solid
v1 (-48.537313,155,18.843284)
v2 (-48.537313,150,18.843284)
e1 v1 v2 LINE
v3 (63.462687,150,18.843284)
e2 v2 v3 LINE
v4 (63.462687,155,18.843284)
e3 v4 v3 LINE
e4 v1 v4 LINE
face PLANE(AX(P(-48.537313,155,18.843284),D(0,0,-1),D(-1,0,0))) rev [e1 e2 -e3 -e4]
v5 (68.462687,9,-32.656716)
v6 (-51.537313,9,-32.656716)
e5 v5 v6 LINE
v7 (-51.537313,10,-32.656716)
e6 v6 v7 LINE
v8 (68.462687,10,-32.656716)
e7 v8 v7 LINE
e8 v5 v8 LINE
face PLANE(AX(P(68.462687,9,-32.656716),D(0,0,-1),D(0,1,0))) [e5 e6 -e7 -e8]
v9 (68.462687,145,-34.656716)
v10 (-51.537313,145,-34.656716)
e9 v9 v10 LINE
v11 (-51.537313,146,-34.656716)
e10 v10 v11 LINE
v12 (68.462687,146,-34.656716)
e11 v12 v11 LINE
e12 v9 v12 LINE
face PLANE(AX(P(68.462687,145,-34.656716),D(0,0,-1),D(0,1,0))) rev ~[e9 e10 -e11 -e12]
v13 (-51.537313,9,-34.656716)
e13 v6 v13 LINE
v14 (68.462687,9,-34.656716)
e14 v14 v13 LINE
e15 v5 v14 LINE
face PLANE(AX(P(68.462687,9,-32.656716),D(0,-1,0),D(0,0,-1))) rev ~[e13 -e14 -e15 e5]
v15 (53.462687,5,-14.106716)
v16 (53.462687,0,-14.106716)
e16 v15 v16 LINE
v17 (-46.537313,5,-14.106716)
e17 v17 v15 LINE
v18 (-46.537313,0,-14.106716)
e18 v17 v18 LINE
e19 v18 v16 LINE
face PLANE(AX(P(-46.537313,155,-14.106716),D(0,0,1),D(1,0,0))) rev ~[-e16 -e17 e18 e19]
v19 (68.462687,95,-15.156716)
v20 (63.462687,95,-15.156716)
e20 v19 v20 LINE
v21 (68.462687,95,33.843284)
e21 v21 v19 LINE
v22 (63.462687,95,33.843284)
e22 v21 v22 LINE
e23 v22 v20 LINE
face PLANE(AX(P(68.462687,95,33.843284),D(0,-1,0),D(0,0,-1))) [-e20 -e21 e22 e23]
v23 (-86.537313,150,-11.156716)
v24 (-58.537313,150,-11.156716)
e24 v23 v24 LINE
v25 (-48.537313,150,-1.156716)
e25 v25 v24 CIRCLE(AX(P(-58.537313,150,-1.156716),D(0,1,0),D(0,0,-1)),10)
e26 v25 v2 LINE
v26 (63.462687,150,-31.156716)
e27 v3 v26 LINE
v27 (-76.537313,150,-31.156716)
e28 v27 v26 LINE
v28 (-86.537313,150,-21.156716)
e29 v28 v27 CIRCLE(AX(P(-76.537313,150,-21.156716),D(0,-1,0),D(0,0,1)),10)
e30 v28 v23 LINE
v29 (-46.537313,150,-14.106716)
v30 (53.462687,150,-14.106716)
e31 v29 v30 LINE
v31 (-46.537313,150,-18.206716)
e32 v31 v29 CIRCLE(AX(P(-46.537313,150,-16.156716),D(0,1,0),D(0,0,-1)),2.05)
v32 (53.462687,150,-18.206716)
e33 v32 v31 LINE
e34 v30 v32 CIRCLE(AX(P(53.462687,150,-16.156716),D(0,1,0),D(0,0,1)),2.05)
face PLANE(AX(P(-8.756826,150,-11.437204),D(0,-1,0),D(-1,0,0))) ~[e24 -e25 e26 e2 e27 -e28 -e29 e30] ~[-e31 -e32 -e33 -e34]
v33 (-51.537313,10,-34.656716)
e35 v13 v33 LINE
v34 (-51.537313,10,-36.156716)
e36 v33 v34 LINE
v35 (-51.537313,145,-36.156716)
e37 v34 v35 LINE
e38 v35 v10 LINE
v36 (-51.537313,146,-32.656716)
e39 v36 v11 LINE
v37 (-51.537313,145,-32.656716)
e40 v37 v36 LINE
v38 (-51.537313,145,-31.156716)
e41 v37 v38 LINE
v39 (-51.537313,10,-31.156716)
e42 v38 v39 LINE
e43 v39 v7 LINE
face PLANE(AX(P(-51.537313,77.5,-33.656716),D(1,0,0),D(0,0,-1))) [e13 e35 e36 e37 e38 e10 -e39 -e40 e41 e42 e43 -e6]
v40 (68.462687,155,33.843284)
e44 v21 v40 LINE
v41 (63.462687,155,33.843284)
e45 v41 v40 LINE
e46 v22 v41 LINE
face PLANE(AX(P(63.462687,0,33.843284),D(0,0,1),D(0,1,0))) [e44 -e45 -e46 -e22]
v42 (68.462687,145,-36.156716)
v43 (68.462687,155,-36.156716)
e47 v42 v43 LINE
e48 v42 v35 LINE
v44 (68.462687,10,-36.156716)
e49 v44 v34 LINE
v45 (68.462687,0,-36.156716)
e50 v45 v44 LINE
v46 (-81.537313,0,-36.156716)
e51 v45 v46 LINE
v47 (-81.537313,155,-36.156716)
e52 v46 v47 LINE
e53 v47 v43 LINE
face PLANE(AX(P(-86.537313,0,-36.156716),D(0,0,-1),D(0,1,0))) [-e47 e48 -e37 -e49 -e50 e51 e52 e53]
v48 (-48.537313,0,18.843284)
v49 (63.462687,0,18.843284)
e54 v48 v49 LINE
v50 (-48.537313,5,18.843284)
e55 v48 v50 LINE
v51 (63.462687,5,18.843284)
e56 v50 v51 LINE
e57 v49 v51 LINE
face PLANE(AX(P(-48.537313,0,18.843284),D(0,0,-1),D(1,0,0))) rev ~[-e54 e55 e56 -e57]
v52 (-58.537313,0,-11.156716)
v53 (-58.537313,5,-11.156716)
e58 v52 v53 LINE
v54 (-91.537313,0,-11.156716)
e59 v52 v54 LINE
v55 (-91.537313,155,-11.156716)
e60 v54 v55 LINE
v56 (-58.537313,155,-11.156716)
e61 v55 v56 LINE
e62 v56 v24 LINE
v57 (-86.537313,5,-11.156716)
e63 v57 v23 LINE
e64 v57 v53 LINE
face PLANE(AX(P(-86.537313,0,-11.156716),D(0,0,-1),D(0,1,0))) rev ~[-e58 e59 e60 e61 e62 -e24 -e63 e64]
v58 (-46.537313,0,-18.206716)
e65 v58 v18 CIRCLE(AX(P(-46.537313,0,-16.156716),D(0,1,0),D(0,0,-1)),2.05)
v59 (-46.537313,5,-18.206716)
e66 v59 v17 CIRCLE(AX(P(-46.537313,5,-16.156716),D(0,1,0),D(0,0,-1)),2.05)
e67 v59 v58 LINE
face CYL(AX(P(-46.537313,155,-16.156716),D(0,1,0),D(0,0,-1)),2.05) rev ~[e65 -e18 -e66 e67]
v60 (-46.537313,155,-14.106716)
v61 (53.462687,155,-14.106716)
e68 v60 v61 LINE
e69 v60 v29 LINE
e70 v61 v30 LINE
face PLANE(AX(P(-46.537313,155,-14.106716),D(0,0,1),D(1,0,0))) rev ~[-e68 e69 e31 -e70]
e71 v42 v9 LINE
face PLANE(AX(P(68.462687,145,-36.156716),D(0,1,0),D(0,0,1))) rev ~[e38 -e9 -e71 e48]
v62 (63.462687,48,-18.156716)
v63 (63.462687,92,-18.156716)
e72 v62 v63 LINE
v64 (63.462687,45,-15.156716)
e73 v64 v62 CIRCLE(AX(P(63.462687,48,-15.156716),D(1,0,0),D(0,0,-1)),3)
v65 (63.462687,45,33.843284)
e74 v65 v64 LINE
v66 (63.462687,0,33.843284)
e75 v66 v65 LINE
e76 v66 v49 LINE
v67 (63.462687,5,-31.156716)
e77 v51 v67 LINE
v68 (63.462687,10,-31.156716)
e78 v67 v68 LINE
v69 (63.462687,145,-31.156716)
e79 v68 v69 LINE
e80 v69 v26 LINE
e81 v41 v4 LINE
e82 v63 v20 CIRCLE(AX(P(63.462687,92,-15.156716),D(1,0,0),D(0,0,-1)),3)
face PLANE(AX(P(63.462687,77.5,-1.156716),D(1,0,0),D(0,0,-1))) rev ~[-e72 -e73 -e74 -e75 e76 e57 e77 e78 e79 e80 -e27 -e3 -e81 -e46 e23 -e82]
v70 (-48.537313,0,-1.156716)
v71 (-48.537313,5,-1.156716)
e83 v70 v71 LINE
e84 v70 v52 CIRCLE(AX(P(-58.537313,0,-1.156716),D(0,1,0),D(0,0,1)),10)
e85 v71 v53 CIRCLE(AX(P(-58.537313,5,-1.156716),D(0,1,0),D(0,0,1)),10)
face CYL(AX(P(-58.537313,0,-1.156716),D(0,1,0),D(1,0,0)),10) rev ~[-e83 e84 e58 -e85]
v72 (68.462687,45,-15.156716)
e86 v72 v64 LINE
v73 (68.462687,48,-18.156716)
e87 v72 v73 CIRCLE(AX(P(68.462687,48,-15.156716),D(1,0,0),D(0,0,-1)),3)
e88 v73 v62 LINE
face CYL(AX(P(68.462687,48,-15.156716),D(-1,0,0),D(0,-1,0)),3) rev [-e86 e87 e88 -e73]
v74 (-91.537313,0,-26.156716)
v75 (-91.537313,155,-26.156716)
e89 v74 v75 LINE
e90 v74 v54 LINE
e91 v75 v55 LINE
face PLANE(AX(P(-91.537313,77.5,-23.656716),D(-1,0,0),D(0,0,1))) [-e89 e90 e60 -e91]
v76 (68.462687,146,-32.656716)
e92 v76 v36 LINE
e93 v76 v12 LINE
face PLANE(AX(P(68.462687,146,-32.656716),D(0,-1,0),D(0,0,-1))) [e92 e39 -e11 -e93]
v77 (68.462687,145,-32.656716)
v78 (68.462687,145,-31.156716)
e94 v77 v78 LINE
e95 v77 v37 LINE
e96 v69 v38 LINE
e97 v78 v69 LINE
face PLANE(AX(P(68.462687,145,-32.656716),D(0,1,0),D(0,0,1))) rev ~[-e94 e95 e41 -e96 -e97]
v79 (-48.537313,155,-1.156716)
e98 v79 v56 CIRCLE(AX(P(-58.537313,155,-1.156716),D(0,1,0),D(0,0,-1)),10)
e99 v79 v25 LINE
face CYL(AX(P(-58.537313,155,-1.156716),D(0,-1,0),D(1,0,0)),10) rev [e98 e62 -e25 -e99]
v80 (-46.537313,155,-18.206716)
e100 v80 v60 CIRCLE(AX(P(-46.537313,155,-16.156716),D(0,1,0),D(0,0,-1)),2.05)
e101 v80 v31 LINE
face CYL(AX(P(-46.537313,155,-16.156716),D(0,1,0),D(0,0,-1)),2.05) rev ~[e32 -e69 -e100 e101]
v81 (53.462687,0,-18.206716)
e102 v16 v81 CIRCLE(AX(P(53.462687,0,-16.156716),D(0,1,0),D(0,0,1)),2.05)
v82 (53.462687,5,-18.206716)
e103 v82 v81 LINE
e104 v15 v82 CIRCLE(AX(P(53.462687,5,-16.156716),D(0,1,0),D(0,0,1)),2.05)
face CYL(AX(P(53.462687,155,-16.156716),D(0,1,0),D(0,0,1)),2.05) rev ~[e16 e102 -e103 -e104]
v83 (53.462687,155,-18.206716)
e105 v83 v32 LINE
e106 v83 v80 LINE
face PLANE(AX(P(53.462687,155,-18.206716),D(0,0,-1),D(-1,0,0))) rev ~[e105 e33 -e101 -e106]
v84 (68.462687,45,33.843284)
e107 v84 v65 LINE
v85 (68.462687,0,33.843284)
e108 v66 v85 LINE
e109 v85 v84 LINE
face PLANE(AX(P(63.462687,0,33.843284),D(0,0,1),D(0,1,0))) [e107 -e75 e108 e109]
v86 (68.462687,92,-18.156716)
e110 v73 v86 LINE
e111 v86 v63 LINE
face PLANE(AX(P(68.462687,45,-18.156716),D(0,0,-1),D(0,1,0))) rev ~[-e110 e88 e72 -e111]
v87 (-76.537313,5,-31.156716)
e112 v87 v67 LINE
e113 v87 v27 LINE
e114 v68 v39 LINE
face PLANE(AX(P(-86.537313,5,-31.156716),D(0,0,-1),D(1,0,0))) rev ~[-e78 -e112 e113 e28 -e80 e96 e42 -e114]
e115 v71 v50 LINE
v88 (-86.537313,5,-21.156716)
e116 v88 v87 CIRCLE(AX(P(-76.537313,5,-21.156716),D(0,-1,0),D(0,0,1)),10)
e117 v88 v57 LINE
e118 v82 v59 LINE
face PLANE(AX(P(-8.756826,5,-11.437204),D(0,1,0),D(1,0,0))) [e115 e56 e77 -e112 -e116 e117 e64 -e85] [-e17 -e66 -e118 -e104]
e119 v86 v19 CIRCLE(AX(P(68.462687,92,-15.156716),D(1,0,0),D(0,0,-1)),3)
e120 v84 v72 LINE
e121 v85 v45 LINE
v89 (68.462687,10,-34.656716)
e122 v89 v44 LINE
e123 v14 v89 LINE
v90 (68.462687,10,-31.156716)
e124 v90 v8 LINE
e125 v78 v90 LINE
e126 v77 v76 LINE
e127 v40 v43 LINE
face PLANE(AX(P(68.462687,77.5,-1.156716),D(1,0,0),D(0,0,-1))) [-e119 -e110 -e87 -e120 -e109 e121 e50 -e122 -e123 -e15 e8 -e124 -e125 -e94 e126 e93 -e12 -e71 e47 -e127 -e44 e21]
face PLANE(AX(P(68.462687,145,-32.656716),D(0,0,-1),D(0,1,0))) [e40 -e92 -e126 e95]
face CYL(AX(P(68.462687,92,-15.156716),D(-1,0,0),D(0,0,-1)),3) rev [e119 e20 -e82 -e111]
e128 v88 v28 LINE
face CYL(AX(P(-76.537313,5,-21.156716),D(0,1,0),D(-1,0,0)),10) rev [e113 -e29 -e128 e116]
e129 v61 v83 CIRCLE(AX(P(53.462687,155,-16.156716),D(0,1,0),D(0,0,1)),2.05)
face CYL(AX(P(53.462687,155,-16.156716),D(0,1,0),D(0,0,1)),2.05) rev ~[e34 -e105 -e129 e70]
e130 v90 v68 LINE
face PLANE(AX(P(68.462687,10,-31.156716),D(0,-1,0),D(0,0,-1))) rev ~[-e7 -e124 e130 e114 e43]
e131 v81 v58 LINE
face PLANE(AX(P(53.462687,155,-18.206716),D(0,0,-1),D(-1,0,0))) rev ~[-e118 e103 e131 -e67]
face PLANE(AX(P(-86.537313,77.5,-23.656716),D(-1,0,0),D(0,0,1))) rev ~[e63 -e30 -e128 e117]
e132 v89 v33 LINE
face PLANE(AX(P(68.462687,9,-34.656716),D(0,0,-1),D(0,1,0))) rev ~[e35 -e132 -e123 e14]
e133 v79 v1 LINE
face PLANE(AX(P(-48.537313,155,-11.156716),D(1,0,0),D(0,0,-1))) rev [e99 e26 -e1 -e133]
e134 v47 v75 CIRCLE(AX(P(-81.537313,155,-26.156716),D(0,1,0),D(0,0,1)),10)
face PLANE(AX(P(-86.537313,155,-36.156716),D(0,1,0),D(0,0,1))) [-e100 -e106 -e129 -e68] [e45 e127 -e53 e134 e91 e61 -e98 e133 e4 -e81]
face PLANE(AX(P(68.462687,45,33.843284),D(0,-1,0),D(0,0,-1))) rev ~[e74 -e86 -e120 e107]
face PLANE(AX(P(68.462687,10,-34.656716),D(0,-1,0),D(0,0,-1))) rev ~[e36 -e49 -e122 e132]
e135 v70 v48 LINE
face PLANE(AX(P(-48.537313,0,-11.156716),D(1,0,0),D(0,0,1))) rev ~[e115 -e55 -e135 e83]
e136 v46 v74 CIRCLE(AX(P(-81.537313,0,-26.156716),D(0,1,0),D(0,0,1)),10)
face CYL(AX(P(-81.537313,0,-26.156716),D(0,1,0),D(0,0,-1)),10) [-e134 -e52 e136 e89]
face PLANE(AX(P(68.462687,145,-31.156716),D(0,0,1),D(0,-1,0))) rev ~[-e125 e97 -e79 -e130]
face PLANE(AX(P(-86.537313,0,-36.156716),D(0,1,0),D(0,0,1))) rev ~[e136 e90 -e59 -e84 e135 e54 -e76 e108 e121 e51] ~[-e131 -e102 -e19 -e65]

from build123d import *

# Parameters (mm, degrees)
BOSS_EXTRUDE1_DEPTH = 5
SKETCH2_W           = 150
SKETCH2_H           = 5
BOSS_EXTRUDE2_DEPTH = 145
SKETCH6_W           = 70
SKETCH6_H           = 155
BOSS_EXTRUDE3_DEPTH = 5
SKETCH7_W           = 52
SKETCH7_H           = 50
CUT_EXTRUDE1_DEPTH  = 5
SKETCH8_W           = 25
SKETCH8_H           = 155
BOSS_EXTRUDE4_DEPTH = 5
FILLET1_R           = 10
FILLET2_R           = 10
SKETCH9_W           = 2
SKETCH9_H           = 1
CUT_EXTRUDE2_DEPTH  = 120
FILLET5_R           = 3
CUT_EXTRUDE4_START  = -155
CUT_EXTRUDE4_DEPTH  = 155


with BuildPart() as part:
    # Sketch1 → Boss-Extrude1 (new body)
    with BuildSketch(Plane(origin=(0, 0, 0), x_dir=(1, 0, 0), z_dir=(0, 1, 0))):
        Polygon((63.462686567, 36.156716418), (-86.537313433, 36.156716418), (-86.537313433, 11.156716418), (-48.537313433, 11.156716418), (-48.537313433, -18.843283582), (63.462686567, -18.843283582), align=None)
    boss_extrude1 = extrude(amount=BOSS_EXTRUDE1_DEPTH)

    # Sketch2 → Boss-Extrude2 (add)
    with BuildSketch(Plane(origin=(0, 5, 0), x_dir=(1, 0, 0), z_dir=(0, 1, 0))):
        with Locations((-11.537313433, 33.656716418)):
            Rectangle(SKETCH2_W, SKETCH2_H)
    extrude(amount=BOSS_EXTRUDE2_DEPTH)

    # Mirror1: Boss-Extrude1 across plane
    add(boss_extrude1.mirror(Plane.ZX.offset(77.5)))

    # Sketch6 → Boss-Extrude3 (add)
    with BuildSketch(Plane(origin=(63.462686567, 0, 0), x_dir=(0, 0, -1), z_dir=(1, 0, 0))):
        with Locations((1.156716418, 77.5)):
            Rectangle(SKETCH6_W, SKETCH6_H)
    extrude(amount=BOSS_EXTRUDE3_DEPTH)

    # Sketch7 → Cut-Extrude1 (cut)
    with BuildSketch(Plane(origin=(68.462686567, 0, 0), x_dir=(0, 0, -1), z_dir=(1, 0, 0))):
        with Locations((-7.843283582, 70)):
            Rectangle(SKETCH7_W, SKETCH7_H)
    extrude(amount=-CUT_EXTRUDE1_DEPTH, mode=Mode.SUBTRACT)

    # Sketch8 → Boss-Extrude4 (add)
    with BuildSketch(Plane.ZY.offset(86.537313433)):
        with Locations((-23.656716418, 77.5)):
            Rectangle(SKETCH8_W, SKETCH8_H)
    extrude(amount=BOSS_EXTRUDE4_DEPTH)

    # Fillet1
    fillet1_edges = [part.edges().sort_by_distance(p)[0] for p in [
        (-48.537313433, 2.5, -11.156716418),
        (-48.537313433, 152.5, -11.156716418),
        (-91.537313433, 77.5, -36.156716418),
    ]]
    fillet(fillet1_edges, radius=FILLET1_R)

    # Fillet2
    fillet2_edges = [part.edges().sort_by_distance(p)[0] for p in [
        (-86.537313433, 77.5, -31.156716418),
    ]]
    fillet(fillet2_edges, radius=FILLET2_R)

    # Sketch9 → Cut-Extrude2 (cut)
    with BuildSketch(Plane(origin=(68.462686567, 0, 0), x_dir=(0, 0, -1), z_dir=(1, 0, 0))):
        Polygon((36.156716418, 10), (36.156716418, 145), (34.656716418, 145), (32.656716418, 145), (31.156716418, 145), (31.156716418, 10), (32.656716418, 10), (34.656716418, 10), align=None)
        with Locations((33.656716418, 9.5)):
            Rectangle(SKETCH9_W, SKETCH9_H)
        with Locations((33.656716418, 145.5)):
            Rectangle(SKETCH9_W, SKETCH9_H)
    extrude(amount=-CUT_EXTRUDE2_DEPTH, mode=Mode.SUBTRACT)

    # Fillet5
    fillet5_edges = [part.edges().sort_by_distance(p)[0] for p in [
        (65.962686567, 95, -18.156716418),
        (65.962686567, 45, -18.156716418),
    ]]
    fillet(fillet5_edges, radius=FILLET5_R)

    # Sketch11 → Cut-Extrude4 (cut)
    with BuildSketch(Plane.XZ.offset(CUT_EXTRUDE4_START)):
        with BuildLine():
            Line((53.462686567, -18.206716418), (-46.537313433, -18.206716418))
            ThreePointArc((-46.537313433, -18.206716418), (-48.587313433, -16.156716418), (-46.537313433, -14.106716418))
            Line((-46.537313433, -14.106716418), (53.462686567, -14.106716418))
            ThreePointArc((53.462686567, -14.106716418), (55.512686567, -16.156716418), (53.462686567, -18.206716418))
        make_face()
    extrude(amount=CUT_EXTRUDE4_DEPTH, mode=Mode.SUBTRACT)


solid = part.part
